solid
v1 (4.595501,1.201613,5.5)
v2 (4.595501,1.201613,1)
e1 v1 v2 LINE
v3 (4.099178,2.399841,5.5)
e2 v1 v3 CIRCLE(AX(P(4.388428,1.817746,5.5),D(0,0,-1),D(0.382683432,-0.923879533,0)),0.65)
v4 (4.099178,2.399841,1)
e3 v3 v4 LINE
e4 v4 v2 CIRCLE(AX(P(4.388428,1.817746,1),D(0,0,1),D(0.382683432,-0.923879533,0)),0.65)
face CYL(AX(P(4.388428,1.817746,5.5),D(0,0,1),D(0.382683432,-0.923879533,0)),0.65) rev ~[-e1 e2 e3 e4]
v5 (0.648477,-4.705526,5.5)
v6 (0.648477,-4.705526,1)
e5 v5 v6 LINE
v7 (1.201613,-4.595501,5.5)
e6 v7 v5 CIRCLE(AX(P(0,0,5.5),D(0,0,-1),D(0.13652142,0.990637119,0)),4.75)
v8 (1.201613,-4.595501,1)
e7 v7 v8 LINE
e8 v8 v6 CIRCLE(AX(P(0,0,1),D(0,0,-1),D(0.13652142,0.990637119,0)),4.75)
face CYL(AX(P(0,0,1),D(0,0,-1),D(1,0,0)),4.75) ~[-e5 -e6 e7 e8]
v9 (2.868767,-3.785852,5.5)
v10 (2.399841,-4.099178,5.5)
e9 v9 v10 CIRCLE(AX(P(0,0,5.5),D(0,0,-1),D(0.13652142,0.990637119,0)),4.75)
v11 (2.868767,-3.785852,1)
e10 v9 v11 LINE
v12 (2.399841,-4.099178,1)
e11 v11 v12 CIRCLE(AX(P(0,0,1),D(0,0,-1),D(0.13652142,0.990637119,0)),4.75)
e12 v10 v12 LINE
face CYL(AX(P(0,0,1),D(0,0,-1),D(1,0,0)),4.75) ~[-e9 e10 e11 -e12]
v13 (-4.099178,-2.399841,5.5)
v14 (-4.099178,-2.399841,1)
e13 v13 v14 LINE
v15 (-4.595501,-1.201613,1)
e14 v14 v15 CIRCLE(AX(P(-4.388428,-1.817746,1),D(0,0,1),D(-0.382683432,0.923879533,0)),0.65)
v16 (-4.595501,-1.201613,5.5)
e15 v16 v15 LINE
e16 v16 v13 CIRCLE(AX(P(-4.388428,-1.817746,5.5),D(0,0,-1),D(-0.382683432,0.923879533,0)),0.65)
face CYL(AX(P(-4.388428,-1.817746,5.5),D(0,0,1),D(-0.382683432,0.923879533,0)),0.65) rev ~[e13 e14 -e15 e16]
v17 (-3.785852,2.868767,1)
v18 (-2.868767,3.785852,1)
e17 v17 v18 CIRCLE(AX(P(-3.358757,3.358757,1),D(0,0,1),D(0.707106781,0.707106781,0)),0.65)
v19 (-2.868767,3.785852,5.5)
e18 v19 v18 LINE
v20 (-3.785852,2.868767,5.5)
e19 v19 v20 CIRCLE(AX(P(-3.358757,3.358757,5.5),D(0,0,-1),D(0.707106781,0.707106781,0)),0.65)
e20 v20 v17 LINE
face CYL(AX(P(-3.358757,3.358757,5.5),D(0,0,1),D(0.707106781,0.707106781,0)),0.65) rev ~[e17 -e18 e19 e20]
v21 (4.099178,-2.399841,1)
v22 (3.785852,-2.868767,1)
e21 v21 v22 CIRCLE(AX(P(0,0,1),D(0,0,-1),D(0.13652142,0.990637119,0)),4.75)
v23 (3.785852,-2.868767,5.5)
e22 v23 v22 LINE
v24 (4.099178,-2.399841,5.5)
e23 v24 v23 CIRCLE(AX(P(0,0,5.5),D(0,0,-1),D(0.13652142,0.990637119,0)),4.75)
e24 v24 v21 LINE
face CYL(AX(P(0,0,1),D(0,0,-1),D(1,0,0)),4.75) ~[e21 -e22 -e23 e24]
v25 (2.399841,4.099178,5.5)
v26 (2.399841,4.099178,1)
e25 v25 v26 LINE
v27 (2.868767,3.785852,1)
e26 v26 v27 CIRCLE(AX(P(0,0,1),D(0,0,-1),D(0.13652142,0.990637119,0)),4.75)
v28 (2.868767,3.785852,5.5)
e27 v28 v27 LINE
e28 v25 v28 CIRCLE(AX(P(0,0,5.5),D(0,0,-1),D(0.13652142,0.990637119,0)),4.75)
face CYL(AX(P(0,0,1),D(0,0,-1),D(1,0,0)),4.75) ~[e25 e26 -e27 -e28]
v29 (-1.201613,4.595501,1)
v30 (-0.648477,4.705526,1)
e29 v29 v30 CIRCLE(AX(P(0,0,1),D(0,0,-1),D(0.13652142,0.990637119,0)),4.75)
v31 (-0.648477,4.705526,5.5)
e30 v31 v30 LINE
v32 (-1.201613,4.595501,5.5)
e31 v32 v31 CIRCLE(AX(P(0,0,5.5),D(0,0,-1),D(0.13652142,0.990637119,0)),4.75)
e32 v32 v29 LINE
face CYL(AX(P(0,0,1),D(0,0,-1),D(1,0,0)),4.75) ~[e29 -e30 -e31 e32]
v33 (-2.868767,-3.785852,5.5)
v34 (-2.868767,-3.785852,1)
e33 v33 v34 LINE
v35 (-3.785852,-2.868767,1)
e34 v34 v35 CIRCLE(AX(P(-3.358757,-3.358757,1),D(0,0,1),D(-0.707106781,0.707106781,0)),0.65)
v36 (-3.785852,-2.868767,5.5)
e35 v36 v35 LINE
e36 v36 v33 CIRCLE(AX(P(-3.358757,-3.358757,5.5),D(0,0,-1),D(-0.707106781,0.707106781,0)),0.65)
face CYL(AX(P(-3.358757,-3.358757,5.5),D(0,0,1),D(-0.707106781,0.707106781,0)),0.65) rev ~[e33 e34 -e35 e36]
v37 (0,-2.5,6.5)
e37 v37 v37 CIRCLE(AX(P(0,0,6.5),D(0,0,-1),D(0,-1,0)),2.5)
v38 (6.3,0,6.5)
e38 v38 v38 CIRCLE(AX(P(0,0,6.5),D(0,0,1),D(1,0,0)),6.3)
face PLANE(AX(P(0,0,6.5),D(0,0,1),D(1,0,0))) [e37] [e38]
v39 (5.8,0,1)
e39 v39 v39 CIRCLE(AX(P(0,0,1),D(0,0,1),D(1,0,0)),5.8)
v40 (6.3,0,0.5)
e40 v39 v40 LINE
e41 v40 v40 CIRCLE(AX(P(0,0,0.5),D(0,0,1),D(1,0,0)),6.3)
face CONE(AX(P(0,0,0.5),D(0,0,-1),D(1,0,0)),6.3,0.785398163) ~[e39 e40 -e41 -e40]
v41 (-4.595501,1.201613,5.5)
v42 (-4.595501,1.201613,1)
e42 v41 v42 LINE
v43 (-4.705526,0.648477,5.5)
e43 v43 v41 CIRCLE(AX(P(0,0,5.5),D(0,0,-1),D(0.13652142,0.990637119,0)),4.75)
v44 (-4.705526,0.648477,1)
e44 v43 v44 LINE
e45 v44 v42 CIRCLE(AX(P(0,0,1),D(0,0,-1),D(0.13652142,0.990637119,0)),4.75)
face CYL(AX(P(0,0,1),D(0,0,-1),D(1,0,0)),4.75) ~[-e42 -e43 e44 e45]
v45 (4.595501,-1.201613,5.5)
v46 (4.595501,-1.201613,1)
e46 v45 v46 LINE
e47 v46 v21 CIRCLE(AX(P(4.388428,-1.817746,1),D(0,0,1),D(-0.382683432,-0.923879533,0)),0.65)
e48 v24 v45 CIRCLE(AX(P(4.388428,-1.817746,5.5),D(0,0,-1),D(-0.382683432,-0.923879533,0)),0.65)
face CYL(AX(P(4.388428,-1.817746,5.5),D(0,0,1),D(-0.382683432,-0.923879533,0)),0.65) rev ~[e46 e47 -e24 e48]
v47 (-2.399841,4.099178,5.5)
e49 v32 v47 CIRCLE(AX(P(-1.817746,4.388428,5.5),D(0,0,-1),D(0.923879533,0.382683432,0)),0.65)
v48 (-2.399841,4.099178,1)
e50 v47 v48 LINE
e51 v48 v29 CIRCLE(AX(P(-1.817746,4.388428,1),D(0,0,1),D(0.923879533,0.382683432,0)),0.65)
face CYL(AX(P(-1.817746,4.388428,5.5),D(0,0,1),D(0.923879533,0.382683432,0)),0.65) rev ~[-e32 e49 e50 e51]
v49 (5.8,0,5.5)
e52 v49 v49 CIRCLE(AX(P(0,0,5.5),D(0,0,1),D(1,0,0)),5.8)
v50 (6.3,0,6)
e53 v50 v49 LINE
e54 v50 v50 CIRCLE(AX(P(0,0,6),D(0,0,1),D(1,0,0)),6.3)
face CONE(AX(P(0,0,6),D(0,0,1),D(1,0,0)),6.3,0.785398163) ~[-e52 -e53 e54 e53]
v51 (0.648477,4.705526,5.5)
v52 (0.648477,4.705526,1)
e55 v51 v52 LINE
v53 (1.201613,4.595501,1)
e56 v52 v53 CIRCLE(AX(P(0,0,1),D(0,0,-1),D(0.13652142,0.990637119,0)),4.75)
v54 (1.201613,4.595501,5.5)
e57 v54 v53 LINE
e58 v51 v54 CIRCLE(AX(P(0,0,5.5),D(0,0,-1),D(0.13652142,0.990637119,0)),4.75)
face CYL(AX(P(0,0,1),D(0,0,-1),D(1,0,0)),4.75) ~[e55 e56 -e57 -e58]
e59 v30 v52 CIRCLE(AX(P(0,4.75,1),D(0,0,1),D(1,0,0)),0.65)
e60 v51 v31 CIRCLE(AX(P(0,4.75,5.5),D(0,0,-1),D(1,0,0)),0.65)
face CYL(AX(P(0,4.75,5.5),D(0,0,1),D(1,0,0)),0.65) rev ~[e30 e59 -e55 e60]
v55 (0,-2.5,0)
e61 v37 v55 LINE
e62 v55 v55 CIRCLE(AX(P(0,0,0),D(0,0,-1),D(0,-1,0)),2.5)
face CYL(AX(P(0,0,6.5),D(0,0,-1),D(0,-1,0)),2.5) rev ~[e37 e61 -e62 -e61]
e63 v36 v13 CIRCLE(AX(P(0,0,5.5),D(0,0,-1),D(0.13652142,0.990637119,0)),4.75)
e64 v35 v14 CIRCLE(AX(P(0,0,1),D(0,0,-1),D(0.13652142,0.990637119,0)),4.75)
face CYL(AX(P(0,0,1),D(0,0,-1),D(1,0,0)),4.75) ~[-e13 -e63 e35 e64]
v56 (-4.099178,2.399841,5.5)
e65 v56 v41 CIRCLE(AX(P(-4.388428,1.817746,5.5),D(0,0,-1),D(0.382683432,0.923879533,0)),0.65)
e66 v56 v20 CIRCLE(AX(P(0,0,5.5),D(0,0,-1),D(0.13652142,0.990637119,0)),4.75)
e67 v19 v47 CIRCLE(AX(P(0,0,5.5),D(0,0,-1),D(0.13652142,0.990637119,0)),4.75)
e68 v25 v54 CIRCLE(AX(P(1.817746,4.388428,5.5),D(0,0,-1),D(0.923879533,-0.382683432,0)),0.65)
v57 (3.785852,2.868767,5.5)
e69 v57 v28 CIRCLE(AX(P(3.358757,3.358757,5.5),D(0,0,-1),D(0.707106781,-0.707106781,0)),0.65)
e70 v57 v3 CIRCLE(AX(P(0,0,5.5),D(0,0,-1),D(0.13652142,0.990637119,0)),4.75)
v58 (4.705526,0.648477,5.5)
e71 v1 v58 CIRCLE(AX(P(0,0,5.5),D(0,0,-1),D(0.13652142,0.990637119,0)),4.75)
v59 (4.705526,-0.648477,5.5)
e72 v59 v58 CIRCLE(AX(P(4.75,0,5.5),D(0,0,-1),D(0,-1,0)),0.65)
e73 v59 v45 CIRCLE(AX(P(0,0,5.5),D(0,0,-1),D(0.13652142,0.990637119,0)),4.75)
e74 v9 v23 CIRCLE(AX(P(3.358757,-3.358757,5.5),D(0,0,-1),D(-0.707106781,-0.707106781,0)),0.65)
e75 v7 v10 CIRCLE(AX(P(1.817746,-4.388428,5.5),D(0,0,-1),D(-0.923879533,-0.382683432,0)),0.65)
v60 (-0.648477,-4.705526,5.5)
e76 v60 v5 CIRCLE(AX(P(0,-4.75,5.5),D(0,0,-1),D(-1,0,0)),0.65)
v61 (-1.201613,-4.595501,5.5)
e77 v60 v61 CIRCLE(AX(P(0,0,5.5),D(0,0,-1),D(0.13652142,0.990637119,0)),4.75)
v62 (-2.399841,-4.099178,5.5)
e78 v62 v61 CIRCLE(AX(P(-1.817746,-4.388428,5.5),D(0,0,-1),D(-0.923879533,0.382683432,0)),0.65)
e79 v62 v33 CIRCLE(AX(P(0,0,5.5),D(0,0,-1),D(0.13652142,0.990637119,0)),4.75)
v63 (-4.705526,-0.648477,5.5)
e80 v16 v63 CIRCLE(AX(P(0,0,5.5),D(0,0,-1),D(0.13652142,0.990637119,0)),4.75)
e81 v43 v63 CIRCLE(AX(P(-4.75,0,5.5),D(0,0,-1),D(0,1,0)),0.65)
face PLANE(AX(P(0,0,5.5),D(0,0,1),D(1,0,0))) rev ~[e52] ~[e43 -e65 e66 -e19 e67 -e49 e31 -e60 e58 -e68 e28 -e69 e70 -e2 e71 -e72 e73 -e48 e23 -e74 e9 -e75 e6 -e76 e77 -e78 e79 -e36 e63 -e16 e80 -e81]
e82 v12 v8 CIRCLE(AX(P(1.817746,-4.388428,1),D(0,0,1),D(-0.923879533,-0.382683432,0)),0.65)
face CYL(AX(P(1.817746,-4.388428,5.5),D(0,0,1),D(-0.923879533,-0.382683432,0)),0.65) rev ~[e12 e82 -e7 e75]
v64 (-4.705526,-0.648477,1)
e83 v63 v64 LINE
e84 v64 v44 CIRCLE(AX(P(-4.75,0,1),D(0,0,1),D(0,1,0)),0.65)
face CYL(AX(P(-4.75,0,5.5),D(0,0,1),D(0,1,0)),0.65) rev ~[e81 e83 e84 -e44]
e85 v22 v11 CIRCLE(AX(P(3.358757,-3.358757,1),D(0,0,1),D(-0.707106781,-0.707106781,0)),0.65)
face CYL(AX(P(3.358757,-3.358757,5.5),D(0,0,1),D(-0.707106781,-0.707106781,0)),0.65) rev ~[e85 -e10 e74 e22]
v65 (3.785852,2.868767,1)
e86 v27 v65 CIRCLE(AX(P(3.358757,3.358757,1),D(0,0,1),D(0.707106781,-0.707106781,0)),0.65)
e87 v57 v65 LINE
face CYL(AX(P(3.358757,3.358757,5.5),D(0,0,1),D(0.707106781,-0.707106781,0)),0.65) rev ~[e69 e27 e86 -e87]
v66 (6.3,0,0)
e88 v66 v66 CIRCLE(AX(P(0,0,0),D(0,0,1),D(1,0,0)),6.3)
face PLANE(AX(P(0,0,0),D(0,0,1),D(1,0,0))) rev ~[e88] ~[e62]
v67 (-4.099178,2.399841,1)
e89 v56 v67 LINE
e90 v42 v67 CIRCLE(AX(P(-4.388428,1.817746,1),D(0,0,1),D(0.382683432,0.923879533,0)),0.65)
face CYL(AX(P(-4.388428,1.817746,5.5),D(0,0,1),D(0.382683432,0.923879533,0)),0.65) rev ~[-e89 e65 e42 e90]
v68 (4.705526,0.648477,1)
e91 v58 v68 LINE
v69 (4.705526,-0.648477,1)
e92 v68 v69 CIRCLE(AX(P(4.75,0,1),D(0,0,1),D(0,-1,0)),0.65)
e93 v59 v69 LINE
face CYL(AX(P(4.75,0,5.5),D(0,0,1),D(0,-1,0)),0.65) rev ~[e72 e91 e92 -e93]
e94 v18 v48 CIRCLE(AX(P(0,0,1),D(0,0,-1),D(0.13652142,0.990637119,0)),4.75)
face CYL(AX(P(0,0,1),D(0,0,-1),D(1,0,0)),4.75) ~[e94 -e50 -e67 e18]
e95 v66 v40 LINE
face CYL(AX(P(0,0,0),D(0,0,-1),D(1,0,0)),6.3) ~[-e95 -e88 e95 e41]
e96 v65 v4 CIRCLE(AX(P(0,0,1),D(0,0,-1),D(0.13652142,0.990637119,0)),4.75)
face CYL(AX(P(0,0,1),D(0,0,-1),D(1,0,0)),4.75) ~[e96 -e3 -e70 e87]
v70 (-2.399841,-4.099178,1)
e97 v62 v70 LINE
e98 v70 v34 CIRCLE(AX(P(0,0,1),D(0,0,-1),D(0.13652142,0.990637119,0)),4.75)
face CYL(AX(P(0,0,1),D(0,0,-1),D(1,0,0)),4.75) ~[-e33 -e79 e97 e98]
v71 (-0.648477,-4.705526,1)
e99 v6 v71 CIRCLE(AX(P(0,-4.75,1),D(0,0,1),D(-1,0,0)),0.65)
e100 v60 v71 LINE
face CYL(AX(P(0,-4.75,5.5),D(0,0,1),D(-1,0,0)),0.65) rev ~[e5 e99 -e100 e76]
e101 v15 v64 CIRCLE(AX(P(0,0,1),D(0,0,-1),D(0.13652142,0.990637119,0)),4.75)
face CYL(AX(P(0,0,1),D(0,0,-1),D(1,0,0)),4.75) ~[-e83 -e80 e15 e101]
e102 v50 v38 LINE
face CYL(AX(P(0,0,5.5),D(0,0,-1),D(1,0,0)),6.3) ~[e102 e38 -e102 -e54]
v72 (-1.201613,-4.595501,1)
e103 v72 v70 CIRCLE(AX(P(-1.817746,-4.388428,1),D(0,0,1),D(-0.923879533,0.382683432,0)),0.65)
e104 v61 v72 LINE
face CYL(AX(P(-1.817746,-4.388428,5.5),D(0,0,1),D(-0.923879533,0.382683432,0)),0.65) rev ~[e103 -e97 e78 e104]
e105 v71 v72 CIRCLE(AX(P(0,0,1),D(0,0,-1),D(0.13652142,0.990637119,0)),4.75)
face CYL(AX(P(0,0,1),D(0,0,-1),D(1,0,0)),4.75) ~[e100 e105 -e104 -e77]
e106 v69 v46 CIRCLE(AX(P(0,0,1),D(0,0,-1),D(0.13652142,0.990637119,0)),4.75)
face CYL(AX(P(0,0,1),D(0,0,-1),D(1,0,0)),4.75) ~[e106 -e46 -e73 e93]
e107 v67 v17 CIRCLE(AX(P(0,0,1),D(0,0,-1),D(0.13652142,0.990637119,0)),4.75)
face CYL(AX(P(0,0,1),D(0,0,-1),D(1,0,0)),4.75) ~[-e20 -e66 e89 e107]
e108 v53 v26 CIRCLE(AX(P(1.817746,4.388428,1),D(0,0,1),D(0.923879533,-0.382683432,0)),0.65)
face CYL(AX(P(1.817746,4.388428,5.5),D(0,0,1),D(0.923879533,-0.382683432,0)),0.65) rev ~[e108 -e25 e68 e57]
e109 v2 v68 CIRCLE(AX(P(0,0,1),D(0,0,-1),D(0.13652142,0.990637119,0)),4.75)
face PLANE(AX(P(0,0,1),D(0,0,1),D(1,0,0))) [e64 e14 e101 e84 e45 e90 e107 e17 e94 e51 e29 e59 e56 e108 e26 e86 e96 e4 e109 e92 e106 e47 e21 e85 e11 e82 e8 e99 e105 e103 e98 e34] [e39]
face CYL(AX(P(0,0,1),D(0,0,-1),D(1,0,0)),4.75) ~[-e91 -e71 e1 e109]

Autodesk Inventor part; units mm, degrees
ref_plane "YZ Plane" through (0, 0, 0) normal (1, 0, 0) x (0, 1, 0)
ref_plane "XZ Plane" through (0, 0, 0) normal (0, 1, 0) x (-1, 0, 0)
ref_plane "XY Plane" through (0, 0, 0) normal (0, 0, 1) x (1, 0, 0)
sketch "Sketch1" plane through (0, 0, 0) normal (0, 0, 1) x (1, 0, 0)
  circle A0 centre (0, 0) radius 6.3
  dimension "d0" = 12.6
extrude "Extrusion1" add sketch "Sketch1" along normal blind 1
sketch "Sketch2" plane through (0, 0, 1) normal (0, 0, 1) x (1, 0, 0)
  circle A0 centre (0, 0) radius 6.3 projected
  circle A1 centre (0, 0) radius 4.75
  dimension "d3" = 9.5
extrude "Extrusion2" add sketch "Sketch2" along normal blind 4.5 contours A1
sketch "Sketch3" plane through (0, 0, 5.5) normal (0, 0, 1) x (1, 0, 0)
  circle A0 centre (0, 0) radius 4.75 projected
  circle A1 centre (0, 4.75) radius 0.65
  dimension "d6" = 1.3
extrude "Extrusion3" cut sketch "Sketch3" against normal blind 4.5 contours A1 A0 | A0 A1 picked at (-0.025, 4.5315) picked at (0.0193, 4.9625)
pattern_circular "Circular Pattern1" count 16 over 360 about axis through (0, 0, 1) along (0, 0, 1) of "Extrusion3"
sketch "Sketch4" plane through (0, 0, 5.5) normal (0, 0, 1) x (1, 0, 0)
  arc A0 (2.8688, 3.7859) -> (2.3998, 4.0992) centre (0, 0) ccw projected
  circle A1 centre (0, 0) radius 6.3
  dimension "d12" = 12.6
extrude "Extrusion4" add sketch "Sketch4" along normal blind 1
sketch "Sketch5" plane through (0, 0, 6.5) normal (0, 0, 1) x (1, 0, 0)
  circle A0 centre (0, 0) radius 6.3 projected
hole "Hole1" at (0, 0, 6.5) direction (0, 0, -1) diameter 5 end through all
chamfer "Chamfer1" distance 0.5 angle 45 2 edges at (-6.3, 0, 5.5) (-6.3, 0, 1)
properties part number "stepper_gear_28"
